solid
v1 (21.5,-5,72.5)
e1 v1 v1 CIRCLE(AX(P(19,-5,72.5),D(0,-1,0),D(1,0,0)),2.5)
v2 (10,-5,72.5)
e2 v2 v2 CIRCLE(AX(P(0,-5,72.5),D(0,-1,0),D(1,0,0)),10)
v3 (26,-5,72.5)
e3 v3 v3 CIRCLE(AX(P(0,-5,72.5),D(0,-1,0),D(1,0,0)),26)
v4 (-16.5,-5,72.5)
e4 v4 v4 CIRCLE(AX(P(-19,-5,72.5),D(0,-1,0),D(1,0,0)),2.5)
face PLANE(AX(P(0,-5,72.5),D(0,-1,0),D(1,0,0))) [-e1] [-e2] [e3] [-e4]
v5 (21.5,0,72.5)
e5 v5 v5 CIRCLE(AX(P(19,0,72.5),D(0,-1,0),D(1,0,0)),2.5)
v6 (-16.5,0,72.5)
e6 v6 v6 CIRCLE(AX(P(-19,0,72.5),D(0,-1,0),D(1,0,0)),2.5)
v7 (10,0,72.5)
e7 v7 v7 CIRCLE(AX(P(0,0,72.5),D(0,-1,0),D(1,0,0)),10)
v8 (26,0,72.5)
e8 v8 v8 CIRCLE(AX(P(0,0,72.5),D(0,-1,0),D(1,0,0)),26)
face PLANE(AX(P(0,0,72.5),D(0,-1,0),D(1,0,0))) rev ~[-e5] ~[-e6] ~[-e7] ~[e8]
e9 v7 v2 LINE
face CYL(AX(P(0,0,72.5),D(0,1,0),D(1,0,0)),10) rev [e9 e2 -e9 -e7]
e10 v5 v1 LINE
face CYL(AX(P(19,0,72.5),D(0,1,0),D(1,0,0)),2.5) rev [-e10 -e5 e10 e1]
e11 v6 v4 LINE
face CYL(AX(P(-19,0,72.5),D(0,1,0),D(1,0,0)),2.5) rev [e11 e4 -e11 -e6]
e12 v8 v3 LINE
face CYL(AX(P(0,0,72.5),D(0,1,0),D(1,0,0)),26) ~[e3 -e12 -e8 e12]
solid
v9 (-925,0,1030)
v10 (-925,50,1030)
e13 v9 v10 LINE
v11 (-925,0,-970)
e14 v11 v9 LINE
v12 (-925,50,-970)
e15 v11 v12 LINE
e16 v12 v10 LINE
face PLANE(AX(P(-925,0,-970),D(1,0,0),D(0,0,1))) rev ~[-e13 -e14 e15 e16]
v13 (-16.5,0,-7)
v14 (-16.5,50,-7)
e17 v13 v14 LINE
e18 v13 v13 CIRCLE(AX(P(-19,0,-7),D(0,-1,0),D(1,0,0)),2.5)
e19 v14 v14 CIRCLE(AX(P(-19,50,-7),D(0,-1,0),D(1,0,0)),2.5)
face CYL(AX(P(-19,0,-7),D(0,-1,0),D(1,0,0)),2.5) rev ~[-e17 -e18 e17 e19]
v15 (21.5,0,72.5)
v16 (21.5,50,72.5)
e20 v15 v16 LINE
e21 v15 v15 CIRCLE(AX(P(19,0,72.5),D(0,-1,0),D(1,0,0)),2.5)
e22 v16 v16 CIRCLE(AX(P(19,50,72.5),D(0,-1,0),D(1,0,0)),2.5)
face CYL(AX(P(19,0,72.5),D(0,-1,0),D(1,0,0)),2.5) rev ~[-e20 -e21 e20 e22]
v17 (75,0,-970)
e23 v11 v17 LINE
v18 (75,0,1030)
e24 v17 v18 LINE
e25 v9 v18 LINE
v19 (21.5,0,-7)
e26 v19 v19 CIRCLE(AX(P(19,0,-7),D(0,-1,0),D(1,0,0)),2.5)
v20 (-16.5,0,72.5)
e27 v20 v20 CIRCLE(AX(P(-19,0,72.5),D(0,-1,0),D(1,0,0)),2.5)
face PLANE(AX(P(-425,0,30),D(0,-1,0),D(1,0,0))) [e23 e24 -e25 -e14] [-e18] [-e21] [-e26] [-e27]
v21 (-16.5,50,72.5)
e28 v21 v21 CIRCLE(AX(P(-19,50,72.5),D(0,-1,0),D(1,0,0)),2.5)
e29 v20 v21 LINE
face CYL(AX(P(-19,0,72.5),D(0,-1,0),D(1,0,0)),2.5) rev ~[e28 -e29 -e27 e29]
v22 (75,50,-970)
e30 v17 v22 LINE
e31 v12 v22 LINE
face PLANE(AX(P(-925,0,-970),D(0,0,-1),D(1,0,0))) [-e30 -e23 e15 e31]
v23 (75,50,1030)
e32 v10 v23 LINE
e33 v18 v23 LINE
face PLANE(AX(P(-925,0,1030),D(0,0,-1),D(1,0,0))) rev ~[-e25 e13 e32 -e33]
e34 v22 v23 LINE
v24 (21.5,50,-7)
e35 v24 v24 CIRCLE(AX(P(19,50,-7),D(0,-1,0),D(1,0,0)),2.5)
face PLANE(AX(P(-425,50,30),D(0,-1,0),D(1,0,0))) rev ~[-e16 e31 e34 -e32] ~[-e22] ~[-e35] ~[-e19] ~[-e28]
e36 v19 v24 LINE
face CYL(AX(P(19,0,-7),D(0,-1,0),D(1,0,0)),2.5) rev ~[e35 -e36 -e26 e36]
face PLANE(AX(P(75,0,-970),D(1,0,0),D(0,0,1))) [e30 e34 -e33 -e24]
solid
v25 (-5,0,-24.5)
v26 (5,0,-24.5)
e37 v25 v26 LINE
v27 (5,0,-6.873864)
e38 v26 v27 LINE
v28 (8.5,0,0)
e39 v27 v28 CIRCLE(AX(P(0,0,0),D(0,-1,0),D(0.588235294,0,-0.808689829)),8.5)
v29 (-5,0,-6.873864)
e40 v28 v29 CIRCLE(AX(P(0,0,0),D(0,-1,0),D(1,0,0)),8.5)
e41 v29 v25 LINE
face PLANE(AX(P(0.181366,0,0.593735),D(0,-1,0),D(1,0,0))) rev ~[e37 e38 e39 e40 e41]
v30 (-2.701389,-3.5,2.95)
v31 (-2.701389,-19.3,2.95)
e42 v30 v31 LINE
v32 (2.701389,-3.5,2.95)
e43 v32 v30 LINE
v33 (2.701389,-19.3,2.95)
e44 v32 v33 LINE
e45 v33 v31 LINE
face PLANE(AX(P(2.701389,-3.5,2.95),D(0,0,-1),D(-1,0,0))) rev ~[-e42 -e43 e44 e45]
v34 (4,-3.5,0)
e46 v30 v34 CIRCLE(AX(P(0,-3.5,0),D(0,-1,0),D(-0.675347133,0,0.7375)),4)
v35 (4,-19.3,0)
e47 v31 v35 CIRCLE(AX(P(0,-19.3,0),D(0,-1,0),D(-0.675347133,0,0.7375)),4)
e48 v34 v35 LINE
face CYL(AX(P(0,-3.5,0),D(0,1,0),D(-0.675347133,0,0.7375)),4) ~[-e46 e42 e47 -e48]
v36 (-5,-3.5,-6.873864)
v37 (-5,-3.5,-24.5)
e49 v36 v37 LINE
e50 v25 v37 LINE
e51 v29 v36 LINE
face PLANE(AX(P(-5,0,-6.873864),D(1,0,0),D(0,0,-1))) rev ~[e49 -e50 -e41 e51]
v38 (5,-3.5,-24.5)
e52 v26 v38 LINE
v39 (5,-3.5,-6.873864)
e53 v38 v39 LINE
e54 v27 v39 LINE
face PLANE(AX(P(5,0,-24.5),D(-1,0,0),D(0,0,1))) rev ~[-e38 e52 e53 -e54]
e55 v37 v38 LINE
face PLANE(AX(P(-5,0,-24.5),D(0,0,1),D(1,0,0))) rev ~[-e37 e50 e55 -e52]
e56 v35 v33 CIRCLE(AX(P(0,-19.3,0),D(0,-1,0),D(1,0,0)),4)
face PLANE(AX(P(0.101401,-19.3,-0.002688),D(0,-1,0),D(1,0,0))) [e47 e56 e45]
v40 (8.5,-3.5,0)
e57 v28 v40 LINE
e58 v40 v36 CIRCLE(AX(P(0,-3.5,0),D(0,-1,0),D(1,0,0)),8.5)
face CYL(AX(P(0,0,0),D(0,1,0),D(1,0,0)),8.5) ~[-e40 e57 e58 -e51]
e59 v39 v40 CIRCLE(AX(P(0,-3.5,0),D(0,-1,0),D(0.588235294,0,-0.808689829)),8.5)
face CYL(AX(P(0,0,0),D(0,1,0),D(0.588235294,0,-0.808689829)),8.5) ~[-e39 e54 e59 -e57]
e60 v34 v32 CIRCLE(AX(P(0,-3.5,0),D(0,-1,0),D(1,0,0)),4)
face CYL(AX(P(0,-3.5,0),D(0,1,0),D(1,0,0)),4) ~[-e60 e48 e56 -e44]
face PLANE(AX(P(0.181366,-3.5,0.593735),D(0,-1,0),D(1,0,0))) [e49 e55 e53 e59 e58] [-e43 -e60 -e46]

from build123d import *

# Parameters (mm, degrees)
F0_W     = 1000
F0_H     = 2000
F1_DEPTH = 50
F3_DEPTH = 3.5
F2_R     = 26
F2_R_2   = 2.5
F2_R_3   = 10
F4_DEPTH = 5
F5_DEPTH = 50
F7_DEPTH = 15.8


with BuildPart() as f1:
    # F0 (on Front) → F1 (new body)
    with BuildSketch(Plane.XZ):
        with Locations((-425, 30)):
            Rectangle(F0_W, F0_H)
    extrude(amount=-F1_DEPTH)

    # F2 (on Front) → F5 (cut, through all)
    with BuildSketch(Plane.XZ):
        with Locations((-19, -7)):
            Circle(F2_R_2)
        with Locations((19, -7)):
            Circle(F2_R_2)
        with Locations((19, 72.5)):
            Circle(F2_R_2)
        with Locations((-19, 72.5)):
            Circle(F2_R_2)
    extrude(amount=-F5_DEPTH, mode=Mode.SUBTRACT)


with BuildPart() as f3:
    # F2 (on Front) → F3 (new body)
    with BuildSketch(Plane.XZ):
        with BuildLine():
            ThreePointArc((5, -6.8738635424), (7.5746287038, -3.8568121551), (8.5, 0))
            ThreePointArc((8.5, 0), (-3.8568121551, 7.5746287038), (-5, -6.8738635424))
            Line((-5, -6.8738635424), (-5, 0))
            Line((-5, 0), (-4, 0))
            ThreePointArc((-4, 0), (0, 4), (4, 0))
            Line((4, 0), (5, 0))
            Line((5, 0), (5, -6.8738635424))
        make_face()
        with BuildLine():
            Line((-5, 0), (-5, -6.8738635424))
            ThreePointArc((-5, -6.8738635424), (0, -8.5), (5, -6.8738635424))
            Line((5, -6.8738635424), (5, 0))
            Line((5, 0), (4, 0))
            ThreePointArc((4, 0), (0, -4), (-4, 0))
            Line((-4, 0), (-5, 0))
        make_face()
        with BuildLine():
            ThreePointArc((5, -6.8738635424), (0, -8.5), (-5, -6.8738635424))
            Line((-5, -6.8738635424), (-5, -24.5))
            Line((-5, -24.5), (5, -24.5))
            Line((5, -24.5), (5, -6.8738635424))
        make_face()
        with BuildLine():
            Line((4, 0), (-4, 0))
            ThreePointArc((-4, 0), (0, -4), (4, 0))
        make_face()
        with BuildLine():
            ThreePointArc((4, 0), (0, 4), (-4, 0))
            Line((-4, 0), (4, 0))
        make_face()
    extrude(amount=F3_DEPTH)

    # F6 (on face) → F7 (join)
    with BuildSketch(Plane.XZ.offset(3.5)):
        with BuildLine():
            ThreePointArc((-2.7013885318, 2.95), (-1.6115901887, -3.6609803419), (4, 0))
            ThreePointArc((4, 0), (3.6609803419, 1.6115901887), (2.7013885318, 2.95))
            Line((2.7013885318, 2.95), (-2.7013885318, 2.95))
        make_face()
    extrude(amount=F7_DEPTH)


with BuildPart() as f4:
    # F2 (on Front) → F4 (new body)
    with BuildSketch(Plane.XZ):
        with Locations((0, 72.5)):
            Circle(F2_R)
        with Locations((-19, 72.5)):
            Circle(F2_R_2, mode=Mode.SUBTRACT)
        with Locations((0, 72.5)):
            Circle(F2_R_3, mode=Mode.SUBTRACT)
        with Locations((19, 72.5)):
            Circle(F2_R_2, mode=Mode.SUBTRACT)
    extrude(amount=F4_DEPTH)


solid = Compound([f1.part, f3.part, f4.part])
